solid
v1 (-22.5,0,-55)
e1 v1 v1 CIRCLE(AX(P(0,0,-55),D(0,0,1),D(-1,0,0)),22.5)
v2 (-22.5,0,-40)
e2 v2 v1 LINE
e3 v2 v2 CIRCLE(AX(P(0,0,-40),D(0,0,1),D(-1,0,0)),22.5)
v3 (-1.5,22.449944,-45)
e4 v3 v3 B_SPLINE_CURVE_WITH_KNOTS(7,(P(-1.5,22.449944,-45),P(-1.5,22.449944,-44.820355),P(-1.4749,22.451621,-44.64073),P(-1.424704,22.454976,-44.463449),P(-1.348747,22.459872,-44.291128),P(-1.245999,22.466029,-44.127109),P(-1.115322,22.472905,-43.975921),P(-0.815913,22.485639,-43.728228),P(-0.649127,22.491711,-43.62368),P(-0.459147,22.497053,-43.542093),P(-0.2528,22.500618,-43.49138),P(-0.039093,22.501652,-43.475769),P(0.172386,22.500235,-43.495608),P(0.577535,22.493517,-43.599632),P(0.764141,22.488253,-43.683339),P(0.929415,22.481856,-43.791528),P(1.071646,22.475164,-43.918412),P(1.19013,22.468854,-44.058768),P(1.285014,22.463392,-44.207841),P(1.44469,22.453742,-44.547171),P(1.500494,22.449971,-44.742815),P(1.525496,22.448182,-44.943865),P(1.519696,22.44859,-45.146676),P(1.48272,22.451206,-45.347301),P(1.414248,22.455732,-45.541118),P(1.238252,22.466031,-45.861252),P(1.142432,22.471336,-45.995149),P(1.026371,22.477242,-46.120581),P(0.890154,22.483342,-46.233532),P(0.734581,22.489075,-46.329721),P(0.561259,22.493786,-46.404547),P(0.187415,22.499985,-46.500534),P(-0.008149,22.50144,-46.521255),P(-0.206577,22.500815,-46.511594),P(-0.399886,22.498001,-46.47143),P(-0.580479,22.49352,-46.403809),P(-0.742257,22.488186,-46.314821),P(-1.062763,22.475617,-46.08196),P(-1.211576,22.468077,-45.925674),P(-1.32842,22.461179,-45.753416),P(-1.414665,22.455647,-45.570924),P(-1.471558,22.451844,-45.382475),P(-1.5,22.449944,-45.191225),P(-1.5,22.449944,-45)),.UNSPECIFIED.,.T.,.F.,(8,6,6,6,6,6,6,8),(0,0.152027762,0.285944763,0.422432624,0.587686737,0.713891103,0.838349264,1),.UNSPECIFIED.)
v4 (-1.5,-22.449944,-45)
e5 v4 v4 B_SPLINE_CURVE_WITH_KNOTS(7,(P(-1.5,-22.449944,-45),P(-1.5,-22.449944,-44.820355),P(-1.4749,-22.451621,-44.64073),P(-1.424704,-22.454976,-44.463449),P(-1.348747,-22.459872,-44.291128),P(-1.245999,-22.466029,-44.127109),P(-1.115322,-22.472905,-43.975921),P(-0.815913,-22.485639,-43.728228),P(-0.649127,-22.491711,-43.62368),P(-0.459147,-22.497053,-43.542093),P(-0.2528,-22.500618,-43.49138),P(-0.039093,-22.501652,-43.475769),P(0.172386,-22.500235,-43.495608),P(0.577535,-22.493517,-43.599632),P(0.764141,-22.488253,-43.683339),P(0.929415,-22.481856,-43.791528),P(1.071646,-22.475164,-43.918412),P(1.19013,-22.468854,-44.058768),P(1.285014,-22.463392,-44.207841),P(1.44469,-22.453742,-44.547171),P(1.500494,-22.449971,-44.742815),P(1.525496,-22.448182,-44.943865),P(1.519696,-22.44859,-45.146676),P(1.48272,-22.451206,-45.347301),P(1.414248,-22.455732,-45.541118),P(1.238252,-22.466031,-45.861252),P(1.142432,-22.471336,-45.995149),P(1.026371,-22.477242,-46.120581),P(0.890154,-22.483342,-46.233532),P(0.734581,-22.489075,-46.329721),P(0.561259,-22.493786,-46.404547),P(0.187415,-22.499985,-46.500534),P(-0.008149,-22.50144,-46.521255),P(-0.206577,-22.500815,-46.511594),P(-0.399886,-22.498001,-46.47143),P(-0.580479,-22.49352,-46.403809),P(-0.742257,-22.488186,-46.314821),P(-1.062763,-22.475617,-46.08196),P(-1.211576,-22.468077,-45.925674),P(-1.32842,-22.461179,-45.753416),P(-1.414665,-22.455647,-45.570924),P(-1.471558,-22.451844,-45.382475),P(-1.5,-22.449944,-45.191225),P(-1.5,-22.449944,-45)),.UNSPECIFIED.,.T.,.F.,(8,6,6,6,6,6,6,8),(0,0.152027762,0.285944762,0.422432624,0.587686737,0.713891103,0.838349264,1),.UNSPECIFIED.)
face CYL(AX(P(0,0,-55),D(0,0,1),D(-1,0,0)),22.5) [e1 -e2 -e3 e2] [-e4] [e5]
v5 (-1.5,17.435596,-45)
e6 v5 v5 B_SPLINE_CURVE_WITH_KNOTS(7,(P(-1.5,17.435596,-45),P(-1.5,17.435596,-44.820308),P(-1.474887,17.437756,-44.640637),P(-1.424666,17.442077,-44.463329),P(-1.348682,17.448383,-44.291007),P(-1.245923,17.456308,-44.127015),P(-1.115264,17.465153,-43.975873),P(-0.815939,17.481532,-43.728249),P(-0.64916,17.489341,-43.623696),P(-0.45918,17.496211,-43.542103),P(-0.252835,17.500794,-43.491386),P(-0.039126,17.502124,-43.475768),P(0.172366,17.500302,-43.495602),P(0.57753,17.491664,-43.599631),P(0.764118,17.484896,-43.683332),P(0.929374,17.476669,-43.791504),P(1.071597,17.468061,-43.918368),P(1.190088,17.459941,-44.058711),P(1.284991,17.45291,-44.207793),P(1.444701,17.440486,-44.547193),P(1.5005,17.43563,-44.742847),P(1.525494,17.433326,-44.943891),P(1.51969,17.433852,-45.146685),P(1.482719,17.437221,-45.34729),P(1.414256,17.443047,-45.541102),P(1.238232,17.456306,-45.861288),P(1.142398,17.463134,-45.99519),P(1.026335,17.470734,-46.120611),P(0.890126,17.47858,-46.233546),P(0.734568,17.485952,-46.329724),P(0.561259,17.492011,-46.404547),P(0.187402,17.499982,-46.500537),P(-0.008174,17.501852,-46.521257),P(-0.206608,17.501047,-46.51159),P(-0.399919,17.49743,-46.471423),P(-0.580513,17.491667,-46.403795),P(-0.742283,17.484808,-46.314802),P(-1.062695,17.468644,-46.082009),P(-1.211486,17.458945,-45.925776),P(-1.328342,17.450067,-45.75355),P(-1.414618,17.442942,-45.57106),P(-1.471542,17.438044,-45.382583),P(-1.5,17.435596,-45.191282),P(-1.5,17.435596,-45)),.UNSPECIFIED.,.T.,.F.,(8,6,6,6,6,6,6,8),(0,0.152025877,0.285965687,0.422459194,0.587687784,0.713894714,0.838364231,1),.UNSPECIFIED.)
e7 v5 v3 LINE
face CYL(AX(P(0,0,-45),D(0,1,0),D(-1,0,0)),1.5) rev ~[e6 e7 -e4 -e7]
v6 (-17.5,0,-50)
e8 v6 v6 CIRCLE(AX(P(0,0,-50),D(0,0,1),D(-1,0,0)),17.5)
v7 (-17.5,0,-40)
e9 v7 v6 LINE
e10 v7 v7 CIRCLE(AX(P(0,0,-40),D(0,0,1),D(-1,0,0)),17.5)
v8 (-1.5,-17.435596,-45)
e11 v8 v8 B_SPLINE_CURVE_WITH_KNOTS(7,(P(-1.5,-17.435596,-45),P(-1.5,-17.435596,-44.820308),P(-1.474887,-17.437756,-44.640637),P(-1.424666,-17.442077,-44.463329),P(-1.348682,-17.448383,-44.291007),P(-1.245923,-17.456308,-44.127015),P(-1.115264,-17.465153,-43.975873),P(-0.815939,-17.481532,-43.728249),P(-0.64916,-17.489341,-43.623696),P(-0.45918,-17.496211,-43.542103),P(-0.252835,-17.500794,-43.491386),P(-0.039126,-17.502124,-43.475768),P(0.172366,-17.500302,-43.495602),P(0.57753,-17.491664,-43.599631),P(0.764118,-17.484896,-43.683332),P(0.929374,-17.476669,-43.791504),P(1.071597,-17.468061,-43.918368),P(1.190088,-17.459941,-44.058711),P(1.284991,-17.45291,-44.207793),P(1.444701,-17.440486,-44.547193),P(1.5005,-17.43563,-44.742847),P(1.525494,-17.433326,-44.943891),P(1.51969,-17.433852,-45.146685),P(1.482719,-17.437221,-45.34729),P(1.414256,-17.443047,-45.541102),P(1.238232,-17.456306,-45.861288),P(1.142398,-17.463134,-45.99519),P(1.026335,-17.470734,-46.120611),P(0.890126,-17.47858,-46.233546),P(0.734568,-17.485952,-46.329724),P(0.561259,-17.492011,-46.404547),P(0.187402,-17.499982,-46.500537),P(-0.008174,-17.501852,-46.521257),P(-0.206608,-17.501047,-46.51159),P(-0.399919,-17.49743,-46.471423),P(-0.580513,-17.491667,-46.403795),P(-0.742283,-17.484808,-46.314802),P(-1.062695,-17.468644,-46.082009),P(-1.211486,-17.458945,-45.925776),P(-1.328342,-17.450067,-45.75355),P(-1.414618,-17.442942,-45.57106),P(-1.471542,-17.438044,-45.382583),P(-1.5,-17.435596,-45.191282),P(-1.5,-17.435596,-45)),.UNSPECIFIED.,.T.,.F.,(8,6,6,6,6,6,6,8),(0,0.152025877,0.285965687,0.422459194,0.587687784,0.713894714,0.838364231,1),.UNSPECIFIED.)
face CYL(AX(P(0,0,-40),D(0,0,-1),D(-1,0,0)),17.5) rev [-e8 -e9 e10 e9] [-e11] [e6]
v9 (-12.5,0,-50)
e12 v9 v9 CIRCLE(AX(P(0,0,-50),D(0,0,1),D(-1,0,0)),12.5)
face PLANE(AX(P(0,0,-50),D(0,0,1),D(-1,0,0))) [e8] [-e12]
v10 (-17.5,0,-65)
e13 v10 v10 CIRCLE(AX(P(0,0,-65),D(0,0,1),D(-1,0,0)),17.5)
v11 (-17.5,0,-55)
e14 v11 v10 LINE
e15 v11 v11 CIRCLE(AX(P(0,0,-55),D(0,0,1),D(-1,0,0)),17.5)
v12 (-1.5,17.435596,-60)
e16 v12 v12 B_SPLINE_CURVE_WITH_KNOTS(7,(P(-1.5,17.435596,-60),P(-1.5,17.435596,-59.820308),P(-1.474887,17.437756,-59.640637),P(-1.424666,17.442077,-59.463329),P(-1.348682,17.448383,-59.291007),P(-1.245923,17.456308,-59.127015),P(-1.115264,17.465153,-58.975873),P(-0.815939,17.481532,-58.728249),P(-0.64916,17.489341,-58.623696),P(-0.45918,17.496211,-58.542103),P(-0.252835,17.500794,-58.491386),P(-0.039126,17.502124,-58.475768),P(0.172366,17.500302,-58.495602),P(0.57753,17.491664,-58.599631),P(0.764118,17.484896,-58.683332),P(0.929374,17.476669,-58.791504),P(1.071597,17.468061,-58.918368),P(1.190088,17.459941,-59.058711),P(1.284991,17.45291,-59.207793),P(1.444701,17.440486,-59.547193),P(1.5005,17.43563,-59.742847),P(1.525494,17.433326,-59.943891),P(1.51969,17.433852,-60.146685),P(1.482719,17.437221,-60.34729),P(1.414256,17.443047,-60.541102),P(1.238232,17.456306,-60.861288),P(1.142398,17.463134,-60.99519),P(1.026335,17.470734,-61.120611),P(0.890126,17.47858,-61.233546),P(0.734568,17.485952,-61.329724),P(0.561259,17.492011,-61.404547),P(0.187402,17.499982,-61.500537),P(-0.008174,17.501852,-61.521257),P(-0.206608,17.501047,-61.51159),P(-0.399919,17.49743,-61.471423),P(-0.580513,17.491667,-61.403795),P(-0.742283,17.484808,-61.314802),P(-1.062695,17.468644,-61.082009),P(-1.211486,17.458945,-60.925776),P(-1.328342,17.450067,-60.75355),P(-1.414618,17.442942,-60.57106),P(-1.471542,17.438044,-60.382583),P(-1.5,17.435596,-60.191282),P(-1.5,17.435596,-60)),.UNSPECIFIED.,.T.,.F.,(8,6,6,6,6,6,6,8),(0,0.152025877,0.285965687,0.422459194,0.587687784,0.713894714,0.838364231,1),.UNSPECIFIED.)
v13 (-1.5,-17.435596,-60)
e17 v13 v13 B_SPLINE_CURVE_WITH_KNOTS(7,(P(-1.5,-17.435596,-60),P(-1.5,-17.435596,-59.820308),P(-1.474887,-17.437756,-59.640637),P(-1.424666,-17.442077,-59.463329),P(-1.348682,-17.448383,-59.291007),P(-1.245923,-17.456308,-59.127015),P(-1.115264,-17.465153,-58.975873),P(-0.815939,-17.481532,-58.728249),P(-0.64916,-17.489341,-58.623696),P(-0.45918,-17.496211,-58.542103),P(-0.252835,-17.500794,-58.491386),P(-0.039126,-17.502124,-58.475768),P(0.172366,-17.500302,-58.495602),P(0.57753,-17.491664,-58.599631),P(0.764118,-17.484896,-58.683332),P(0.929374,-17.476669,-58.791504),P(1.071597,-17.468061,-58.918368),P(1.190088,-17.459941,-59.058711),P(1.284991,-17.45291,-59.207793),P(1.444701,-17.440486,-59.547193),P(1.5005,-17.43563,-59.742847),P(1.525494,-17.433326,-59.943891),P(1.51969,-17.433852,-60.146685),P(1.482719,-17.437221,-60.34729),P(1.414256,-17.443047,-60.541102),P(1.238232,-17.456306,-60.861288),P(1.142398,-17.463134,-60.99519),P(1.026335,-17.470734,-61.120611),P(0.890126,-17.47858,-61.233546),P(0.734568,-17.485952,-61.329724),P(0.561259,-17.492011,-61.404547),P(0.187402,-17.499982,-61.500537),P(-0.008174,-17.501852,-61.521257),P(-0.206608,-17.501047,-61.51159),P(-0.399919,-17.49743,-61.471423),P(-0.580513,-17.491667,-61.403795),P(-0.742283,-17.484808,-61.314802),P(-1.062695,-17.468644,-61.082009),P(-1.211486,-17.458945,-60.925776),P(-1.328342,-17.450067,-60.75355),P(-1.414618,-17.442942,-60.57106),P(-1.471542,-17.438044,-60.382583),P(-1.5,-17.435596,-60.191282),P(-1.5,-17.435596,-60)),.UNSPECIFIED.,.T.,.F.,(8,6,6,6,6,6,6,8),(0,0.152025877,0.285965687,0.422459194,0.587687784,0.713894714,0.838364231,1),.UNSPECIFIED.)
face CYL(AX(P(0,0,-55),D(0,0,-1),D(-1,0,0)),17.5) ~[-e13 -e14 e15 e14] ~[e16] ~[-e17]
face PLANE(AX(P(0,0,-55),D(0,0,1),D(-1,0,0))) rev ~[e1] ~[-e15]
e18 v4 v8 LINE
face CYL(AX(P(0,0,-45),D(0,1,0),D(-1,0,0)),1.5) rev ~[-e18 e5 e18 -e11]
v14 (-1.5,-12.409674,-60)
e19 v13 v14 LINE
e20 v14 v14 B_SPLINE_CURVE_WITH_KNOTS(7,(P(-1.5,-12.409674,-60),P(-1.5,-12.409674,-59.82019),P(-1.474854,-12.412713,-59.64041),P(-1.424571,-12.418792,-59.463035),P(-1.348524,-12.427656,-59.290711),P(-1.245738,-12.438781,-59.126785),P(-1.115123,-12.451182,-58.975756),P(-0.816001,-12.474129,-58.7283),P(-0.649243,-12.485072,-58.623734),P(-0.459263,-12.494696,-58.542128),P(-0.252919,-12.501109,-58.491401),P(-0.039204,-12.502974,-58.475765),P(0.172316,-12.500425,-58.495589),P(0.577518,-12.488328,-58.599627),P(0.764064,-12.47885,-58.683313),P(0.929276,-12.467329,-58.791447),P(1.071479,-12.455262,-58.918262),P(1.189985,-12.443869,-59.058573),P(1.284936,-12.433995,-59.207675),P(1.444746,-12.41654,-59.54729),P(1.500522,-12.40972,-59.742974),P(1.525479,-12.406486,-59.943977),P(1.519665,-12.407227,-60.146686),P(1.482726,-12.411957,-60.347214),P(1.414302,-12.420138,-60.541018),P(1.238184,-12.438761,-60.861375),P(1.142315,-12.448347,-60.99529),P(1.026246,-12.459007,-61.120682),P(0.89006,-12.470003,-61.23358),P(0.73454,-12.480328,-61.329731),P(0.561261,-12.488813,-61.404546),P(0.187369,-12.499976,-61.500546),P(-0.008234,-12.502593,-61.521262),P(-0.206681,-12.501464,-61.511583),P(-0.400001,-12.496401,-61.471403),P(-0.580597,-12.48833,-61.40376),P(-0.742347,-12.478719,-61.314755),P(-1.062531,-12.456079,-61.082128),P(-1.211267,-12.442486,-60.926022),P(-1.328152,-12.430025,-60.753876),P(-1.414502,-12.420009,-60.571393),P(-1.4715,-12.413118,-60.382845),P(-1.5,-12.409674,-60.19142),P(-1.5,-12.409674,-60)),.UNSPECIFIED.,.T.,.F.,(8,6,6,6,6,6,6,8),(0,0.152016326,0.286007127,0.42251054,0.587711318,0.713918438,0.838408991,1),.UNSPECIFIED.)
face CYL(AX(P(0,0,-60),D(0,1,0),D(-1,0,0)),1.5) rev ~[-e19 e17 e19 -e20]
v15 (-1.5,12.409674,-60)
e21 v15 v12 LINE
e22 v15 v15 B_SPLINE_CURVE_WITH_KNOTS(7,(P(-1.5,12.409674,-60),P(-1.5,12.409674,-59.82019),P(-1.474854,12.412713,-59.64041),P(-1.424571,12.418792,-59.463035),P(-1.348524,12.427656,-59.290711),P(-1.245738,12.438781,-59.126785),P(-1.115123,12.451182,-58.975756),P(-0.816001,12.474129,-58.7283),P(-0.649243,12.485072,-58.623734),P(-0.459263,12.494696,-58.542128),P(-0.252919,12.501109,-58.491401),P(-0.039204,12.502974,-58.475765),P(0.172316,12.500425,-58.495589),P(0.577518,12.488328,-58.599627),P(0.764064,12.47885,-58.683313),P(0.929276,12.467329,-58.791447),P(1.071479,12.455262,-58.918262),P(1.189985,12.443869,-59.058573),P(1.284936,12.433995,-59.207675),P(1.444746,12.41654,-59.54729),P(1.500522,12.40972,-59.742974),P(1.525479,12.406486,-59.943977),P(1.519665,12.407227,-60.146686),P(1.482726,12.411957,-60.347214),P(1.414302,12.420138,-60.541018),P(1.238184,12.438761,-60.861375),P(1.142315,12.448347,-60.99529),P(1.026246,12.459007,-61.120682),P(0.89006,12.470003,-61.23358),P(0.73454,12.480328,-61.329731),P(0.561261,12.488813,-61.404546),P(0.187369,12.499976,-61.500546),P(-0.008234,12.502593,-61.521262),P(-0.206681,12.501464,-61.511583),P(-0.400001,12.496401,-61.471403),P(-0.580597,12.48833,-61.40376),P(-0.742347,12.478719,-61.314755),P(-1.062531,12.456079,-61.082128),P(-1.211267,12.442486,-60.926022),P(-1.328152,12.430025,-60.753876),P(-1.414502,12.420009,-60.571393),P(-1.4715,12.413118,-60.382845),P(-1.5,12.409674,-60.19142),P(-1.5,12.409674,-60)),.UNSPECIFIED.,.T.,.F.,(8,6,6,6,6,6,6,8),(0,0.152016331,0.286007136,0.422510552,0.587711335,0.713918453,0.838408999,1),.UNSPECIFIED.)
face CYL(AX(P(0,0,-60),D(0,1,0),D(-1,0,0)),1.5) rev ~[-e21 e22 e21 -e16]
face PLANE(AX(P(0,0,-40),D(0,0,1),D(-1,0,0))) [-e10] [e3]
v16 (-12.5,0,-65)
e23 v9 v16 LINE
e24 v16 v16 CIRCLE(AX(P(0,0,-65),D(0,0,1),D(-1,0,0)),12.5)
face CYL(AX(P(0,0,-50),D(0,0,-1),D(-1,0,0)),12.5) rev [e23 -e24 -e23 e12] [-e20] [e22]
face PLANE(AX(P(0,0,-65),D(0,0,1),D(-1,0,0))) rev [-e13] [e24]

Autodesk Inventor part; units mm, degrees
ref_plane "YZ Plane" through (0, 0, 0) normal (1, 0, 0) x (0, 1, 0)
ref_plane "XZ Plane" through (0, 0, 0) normal (0, 1, 0) x (-1, 0, 0)
ref_plane "XY Plane" through (0, 0, 0) normal (0, 0, 1) x (1, 0, 0)
sketch "Эскиз1" plane through (0, 0, 0) normal (0, 1, 0) x (-1, 0, 0)
  line L0 (17.5, -40) -> (17.5, -50)
  line L1 (17.5, -50) -> (12.5, -50)
  line L2 (12.5, -50) -> (12.5, -65)
  line L3 (12.5, -65) -> (17.5, -65)
  line L4 (22.5, -55) -> (22.5, -40)
  line L5 (22.5, -40) -> (17.5, -40)
  line L6 (12.5, -65) -> (17.5, -65)
  line L7 (22.5, -50) -> (22.5, -55)
  line L8 (22.5, -55) -> (17.5, -55)
  line L9 (17.5, -55) -> (17.5, -65)
  line L10 (12.5, -65) -> (0, -65)
  line L11 (0, -65) -> (0, -40)
  line L12 (17.5, -40) -> (0, -40)
  dimension "d21" = 10
  dimension "d22" = 15
  dimension "d23" = 5
  dimension "d24" = 5
  dimension "d26" = 12.5
  dimension "d39" = 17.5
  dimension "d40" = 5
revolve "Вращение1" add sketch "Эскиз1" angle 360 about axis through (0, 0, -65) along (0, 0, 1) contours L5 L4 L8 L9 L3 L2 L1 L0
sketch "Эскиз4" plane through (0, 0, 0) normal (0, 1, 0) x (-1, 0, 0)
  line L0 (12.5, -65) -> (-12.5, -65) projected
  line L1 (0, -65) -> (0, -60)
  line L2 (17.5, -40) -> (-17.5, -40) projected
  line L3 (0, -40) -> (0, -45)
  circle A0 centre (0, -60) radius 1.5
  circle A1 centre (0, -45) radius 1.5
  point P0 (0, 0)
  dimension "d27" = 5
  dimension "d28" = 5
  dimension "d29" = 3
  dimension "d30" = 3
extrude "Выдавливание3" cut sketch "Эскиз4" along normal blind 49.75 and the other way blind 43
thread "Резьба1" size "M3x0.5" class "6H" standard "ANSI Metric M Profile" full length
thread "Резьба2" size "M3x0.5" class "6H" standard "ANSI Metric M Profile" full length
properties part number "Муфта штурвал, вал 25"
